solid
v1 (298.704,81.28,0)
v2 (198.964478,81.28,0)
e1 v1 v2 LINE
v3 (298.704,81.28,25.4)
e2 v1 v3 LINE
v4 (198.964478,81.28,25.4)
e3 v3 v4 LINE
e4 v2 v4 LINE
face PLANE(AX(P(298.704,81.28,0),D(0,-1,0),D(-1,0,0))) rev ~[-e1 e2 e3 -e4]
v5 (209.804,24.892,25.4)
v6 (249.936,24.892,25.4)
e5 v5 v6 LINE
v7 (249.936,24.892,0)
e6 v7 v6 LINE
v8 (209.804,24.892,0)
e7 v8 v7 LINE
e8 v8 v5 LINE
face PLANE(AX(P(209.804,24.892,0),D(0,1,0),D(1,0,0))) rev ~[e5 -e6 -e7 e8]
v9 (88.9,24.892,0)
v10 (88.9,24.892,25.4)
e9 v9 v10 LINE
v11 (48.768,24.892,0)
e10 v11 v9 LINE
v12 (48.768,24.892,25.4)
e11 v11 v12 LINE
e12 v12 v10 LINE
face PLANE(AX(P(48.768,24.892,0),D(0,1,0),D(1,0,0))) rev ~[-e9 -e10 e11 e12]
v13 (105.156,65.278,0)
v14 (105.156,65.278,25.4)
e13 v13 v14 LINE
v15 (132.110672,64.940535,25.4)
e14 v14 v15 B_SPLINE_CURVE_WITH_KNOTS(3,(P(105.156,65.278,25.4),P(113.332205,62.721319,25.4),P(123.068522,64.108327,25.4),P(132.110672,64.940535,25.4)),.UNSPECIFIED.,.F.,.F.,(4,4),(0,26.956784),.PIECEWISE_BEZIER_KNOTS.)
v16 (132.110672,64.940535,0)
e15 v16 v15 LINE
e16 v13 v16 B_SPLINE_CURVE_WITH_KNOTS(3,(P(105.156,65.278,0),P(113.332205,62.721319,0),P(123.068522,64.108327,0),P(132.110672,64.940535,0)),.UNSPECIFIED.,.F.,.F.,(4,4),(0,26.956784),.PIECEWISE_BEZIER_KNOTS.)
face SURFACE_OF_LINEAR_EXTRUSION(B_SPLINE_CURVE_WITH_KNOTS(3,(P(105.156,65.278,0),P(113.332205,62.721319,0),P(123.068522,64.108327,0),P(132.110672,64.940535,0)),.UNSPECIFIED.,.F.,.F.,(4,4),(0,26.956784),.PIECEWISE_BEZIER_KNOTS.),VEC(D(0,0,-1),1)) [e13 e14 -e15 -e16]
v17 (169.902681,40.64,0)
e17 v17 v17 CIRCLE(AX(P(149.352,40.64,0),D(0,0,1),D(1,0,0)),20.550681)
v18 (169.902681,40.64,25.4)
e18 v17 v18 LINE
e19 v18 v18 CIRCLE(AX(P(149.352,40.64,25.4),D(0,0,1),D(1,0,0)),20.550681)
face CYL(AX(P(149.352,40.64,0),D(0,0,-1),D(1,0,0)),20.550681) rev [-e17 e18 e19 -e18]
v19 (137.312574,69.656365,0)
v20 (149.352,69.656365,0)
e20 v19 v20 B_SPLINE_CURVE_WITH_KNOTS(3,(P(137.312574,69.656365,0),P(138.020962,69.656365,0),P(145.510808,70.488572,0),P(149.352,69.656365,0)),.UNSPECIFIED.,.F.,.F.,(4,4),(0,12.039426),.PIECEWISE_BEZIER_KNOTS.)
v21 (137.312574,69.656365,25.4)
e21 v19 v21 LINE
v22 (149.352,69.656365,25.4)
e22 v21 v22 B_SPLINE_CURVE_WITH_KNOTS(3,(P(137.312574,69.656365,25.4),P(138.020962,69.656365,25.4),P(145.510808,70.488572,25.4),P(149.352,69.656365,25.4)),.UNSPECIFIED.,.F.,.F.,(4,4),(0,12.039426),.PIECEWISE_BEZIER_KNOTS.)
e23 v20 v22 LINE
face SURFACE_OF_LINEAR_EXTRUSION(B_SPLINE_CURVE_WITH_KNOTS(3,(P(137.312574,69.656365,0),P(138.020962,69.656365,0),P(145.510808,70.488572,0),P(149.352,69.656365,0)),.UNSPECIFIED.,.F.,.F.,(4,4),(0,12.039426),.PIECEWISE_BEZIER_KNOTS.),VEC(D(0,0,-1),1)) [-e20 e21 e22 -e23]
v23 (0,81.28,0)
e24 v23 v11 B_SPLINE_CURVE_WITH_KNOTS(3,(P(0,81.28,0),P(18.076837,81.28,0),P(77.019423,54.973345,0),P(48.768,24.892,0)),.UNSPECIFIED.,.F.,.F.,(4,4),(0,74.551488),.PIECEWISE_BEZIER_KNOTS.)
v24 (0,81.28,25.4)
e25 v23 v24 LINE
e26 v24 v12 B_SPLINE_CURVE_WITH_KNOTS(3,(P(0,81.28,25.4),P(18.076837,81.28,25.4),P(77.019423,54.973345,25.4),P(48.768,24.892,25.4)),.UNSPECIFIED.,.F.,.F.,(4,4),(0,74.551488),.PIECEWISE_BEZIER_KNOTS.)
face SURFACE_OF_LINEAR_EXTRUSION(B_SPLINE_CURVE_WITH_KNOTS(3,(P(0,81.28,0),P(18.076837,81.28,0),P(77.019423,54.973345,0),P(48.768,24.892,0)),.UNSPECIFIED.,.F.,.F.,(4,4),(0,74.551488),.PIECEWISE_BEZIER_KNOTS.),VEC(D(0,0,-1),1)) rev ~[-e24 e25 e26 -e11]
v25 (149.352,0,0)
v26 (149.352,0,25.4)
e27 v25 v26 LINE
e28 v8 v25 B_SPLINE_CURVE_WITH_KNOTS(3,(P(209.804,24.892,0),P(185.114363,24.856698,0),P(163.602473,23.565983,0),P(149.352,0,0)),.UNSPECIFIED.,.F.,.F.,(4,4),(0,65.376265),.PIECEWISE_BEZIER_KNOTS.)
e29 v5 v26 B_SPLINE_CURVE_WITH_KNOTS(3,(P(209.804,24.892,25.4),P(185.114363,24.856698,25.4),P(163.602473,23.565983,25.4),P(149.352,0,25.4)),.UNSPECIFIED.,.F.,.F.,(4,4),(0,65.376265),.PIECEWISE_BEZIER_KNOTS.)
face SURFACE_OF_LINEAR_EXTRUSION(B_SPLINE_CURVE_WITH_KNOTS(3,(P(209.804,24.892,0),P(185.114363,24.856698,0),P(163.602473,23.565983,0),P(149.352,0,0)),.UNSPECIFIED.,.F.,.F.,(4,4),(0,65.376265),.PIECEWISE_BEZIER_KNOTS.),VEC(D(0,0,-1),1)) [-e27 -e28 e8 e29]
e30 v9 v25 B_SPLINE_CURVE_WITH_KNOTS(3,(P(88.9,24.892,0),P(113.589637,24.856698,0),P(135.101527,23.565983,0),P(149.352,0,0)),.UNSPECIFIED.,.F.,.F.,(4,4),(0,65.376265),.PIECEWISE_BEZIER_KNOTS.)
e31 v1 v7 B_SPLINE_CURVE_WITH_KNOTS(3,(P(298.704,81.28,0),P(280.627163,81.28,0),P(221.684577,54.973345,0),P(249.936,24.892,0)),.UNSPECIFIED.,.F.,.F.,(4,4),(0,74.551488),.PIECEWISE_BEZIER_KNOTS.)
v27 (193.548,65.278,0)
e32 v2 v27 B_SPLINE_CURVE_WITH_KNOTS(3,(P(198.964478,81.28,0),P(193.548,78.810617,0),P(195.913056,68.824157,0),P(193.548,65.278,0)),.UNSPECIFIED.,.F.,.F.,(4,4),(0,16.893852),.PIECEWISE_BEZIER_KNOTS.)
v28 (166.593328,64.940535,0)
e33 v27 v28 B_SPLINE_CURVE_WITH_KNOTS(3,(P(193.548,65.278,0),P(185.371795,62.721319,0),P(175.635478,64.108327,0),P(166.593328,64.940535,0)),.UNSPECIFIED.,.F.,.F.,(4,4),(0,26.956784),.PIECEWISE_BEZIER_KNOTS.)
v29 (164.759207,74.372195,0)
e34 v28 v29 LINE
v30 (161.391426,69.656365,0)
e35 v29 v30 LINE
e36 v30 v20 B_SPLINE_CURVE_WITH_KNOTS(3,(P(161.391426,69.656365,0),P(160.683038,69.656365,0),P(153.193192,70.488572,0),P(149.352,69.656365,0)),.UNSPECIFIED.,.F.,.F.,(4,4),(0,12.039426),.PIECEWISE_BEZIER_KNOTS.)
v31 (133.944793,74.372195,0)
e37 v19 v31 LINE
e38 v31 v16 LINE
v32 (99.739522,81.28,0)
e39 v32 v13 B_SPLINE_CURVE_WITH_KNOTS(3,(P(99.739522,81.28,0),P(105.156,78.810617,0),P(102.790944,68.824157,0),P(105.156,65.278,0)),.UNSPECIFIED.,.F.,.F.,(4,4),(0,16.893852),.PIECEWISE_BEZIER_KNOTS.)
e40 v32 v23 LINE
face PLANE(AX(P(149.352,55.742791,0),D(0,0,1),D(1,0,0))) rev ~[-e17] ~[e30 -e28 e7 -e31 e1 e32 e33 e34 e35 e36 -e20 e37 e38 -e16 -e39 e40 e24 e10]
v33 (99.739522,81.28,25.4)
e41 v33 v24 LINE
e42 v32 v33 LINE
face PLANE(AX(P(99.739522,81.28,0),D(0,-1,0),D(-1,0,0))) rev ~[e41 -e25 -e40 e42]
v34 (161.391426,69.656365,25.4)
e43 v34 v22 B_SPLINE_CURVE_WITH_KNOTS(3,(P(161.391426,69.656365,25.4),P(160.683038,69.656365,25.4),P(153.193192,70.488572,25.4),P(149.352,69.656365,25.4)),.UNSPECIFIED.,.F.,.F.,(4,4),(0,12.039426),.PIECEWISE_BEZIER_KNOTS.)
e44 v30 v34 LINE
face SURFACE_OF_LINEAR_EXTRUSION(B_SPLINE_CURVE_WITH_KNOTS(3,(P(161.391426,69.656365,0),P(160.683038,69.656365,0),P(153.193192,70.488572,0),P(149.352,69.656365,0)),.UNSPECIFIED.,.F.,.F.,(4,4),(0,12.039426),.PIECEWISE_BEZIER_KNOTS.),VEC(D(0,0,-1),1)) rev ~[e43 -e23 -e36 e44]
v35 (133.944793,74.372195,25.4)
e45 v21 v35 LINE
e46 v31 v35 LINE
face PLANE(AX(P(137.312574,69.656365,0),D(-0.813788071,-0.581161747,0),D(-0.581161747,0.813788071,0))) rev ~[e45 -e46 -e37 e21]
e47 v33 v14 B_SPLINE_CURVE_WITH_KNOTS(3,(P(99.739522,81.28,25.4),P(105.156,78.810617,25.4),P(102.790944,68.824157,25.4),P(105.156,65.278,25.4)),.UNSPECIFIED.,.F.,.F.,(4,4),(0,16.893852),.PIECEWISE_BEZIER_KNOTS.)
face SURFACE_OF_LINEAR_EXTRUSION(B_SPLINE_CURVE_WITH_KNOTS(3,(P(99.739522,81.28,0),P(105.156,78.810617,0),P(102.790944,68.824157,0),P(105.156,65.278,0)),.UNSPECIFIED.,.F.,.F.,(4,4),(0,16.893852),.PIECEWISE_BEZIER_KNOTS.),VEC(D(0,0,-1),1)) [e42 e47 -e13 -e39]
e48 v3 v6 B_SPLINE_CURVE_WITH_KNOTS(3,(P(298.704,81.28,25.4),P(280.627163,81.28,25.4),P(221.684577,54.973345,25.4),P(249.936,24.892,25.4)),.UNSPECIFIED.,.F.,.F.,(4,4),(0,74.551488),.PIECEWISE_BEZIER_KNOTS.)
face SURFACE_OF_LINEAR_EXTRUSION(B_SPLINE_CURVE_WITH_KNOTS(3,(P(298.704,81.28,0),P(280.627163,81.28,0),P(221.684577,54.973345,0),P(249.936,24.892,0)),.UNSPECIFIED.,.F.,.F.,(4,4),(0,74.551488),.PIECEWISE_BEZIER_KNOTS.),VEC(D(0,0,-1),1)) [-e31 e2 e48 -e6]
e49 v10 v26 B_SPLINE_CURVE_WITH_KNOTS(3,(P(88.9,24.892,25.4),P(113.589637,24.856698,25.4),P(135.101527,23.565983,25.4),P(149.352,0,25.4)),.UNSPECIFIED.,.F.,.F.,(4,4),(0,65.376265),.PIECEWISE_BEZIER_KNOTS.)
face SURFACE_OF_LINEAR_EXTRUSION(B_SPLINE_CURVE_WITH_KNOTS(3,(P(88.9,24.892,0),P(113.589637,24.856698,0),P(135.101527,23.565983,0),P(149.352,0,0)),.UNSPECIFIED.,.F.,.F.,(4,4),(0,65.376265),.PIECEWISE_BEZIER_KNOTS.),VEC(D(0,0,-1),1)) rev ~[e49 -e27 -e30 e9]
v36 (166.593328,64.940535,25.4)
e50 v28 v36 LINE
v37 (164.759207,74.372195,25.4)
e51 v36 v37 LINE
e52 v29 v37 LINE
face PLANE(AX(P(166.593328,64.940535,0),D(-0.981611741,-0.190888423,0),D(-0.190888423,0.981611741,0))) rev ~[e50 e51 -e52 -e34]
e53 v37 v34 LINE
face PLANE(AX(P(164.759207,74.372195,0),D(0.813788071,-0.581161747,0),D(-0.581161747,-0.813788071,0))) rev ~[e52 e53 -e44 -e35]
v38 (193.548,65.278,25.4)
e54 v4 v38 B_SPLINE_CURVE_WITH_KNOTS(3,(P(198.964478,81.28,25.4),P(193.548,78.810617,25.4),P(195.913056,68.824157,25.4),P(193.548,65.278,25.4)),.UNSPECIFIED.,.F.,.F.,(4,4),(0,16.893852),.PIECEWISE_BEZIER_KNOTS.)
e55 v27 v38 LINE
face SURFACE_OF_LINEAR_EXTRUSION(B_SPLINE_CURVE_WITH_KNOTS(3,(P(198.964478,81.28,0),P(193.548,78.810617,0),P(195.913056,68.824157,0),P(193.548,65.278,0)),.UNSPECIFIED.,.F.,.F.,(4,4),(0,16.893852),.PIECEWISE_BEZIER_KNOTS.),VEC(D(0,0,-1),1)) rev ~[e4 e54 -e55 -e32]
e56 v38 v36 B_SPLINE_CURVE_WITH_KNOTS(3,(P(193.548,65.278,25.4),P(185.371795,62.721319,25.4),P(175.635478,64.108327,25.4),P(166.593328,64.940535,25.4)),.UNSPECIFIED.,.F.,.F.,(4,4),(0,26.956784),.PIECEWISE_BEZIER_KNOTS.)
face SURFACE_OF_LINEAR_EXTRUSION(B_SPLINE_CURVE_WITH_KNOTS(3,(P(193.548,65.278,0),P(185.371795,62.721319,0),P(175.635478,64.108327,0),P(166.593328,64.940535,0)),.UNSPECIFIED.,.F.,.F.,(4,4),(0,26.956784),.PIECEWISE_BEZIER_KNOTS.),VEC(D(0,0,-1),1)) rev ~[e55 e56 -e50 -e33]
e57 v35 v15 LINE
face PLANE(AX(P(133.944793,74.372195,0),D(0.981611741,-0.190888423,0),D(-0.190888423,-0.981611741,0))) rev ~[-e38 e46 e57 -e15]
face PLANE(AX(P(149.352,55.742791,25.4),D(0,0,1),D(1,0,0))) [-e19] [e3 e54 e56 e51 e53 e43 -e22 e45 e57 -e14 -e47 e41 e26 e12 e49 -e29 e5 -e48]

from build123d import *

# Parameters (mm, degrees)
F0_R     = 20.550681
F1_DEPTH = 25.4


with BuildPart() as f1:
    # F0 (on Top) → F1 (new body)
    with BuildSketch(Plane.XY):
        with BuildLine():
            Line((48.768, 81.28), (0, 81.28))
            add(Edge.make_bspline(
                [(0, 81.28), (18.076837, 81.28), (77.019423, 54.973345), (48.768, 24.892)],
                knots=[0, 0, 0, 0, 74.551488, 74.551488, 74.551488, 74.551488], degree=3))
            Line((48.768, 24.892), (88.9, 24.892))
            add(Edge.make_bspline(
                [(88.9, 24.892), (113.589637, 24.856698), (135.101527, 23.565983), (149.352, 0)],
                knots=[0, 0, 0, 0, 65.376265, 65.376265, 65.376265, 65.376265], degree=3))
            add(Edge.make_bspline(
                [(209.804, 24.892), (185.114363, 24.856698), (163.602473, 23.565983), (149.352, 0)],
                knots=[0, 0, 0, 0, 65.376265, 65.376265, 65.376265, 65.376265], degree=3))
            Line((209.804, 24.892), (249.936, 24.892))
            add(Edge.make_bspline(
                [(298.704, 81.28), (280.627163, 81.28), (221.684577, 54.973345), (249.936, 24.892)],
                knots=[0, 0, 0, 0, 74.551488, 74.551488, 74.551488, 74.551488], degree=3))
            Line((298.704, 81.28), (198.964478, 81.28))
            add(Edge.make_bspline(
                [(198.964478, 81.28), (193.548, 78.810617), (195.913056, 68.824157), (193.548, 65.278)],
                knots=[0, 0, 0, 0, 16.893852, 16.893852, 16.893852, 16.893852], degree=3))
            add(Edge.make_bspline(
                [(193.548, 65.278), (185.371795, 62.721319), (175.635478, 64.108327), (166.593328, 64.940535)],
                knots=[0, 0, 0, 0, 26.956784, 26.956784, 26.956784, 26.956784], degree=3))
            Line((166.593328, 64.940535), (164.759207, 74.372195))
            Line((164.759207, 74.372195), (161.391426, 69.656365))
            add(Edge.make_bspline(
                [(161.391426, 69.656365), (160.683038, 69.656365), (153.193192, 70.488572), (149.352, 69.656365)],
                knots=[0, 0, 0, 0, 12.039426, 12.039426, 12.039426, 12.039426], degree=3))
            add(Edge.make_bspline(
                [(137.312574, 69.656365), (138.020962, 69.656365), (145.510808, 70.488572), (149.352, 69.656365)],
                knots=[0, 0, 0, 0, 12.039426, 12.039426, 12.039426, 12.039426], degree=3))
            Line((137.312574, 69.656365), (133.944793, 74.372195))
            Line((133.944793, 74.372195), (132.110672, 64.940535))
            add(Edge.make_bspline(
                [(105.156, 65.278), (113.332205, 62.721319), (123.068522, 64.108327), (132.110672, 64.940535)],
                knots=[0, 0, 0, 0, 26.956784, 26.956784, 26.956784, 26.956784], degree=3))
            add(Edge.make_bspline(
                [(99.739522, 81.28), (105.156, 78.810617), (102.790944, 68.824157), (105.156, 65.278)],
                knots=[0, 0, 0, 0, 16.893852, 16.893852, 16.893852, 16.893852], degree=3))
            Line((99.739522, 81.28), (56.134, 81.28))
            Line((56.134, 81.28), (48.768, 81.28))
        make_face()
        with Locations((149.352, 40.64)):
            Circle(F0_R, mode=Mode.SUBTRACT)
    extrude(amount=F1_DEPTH)


solid = f1.part
